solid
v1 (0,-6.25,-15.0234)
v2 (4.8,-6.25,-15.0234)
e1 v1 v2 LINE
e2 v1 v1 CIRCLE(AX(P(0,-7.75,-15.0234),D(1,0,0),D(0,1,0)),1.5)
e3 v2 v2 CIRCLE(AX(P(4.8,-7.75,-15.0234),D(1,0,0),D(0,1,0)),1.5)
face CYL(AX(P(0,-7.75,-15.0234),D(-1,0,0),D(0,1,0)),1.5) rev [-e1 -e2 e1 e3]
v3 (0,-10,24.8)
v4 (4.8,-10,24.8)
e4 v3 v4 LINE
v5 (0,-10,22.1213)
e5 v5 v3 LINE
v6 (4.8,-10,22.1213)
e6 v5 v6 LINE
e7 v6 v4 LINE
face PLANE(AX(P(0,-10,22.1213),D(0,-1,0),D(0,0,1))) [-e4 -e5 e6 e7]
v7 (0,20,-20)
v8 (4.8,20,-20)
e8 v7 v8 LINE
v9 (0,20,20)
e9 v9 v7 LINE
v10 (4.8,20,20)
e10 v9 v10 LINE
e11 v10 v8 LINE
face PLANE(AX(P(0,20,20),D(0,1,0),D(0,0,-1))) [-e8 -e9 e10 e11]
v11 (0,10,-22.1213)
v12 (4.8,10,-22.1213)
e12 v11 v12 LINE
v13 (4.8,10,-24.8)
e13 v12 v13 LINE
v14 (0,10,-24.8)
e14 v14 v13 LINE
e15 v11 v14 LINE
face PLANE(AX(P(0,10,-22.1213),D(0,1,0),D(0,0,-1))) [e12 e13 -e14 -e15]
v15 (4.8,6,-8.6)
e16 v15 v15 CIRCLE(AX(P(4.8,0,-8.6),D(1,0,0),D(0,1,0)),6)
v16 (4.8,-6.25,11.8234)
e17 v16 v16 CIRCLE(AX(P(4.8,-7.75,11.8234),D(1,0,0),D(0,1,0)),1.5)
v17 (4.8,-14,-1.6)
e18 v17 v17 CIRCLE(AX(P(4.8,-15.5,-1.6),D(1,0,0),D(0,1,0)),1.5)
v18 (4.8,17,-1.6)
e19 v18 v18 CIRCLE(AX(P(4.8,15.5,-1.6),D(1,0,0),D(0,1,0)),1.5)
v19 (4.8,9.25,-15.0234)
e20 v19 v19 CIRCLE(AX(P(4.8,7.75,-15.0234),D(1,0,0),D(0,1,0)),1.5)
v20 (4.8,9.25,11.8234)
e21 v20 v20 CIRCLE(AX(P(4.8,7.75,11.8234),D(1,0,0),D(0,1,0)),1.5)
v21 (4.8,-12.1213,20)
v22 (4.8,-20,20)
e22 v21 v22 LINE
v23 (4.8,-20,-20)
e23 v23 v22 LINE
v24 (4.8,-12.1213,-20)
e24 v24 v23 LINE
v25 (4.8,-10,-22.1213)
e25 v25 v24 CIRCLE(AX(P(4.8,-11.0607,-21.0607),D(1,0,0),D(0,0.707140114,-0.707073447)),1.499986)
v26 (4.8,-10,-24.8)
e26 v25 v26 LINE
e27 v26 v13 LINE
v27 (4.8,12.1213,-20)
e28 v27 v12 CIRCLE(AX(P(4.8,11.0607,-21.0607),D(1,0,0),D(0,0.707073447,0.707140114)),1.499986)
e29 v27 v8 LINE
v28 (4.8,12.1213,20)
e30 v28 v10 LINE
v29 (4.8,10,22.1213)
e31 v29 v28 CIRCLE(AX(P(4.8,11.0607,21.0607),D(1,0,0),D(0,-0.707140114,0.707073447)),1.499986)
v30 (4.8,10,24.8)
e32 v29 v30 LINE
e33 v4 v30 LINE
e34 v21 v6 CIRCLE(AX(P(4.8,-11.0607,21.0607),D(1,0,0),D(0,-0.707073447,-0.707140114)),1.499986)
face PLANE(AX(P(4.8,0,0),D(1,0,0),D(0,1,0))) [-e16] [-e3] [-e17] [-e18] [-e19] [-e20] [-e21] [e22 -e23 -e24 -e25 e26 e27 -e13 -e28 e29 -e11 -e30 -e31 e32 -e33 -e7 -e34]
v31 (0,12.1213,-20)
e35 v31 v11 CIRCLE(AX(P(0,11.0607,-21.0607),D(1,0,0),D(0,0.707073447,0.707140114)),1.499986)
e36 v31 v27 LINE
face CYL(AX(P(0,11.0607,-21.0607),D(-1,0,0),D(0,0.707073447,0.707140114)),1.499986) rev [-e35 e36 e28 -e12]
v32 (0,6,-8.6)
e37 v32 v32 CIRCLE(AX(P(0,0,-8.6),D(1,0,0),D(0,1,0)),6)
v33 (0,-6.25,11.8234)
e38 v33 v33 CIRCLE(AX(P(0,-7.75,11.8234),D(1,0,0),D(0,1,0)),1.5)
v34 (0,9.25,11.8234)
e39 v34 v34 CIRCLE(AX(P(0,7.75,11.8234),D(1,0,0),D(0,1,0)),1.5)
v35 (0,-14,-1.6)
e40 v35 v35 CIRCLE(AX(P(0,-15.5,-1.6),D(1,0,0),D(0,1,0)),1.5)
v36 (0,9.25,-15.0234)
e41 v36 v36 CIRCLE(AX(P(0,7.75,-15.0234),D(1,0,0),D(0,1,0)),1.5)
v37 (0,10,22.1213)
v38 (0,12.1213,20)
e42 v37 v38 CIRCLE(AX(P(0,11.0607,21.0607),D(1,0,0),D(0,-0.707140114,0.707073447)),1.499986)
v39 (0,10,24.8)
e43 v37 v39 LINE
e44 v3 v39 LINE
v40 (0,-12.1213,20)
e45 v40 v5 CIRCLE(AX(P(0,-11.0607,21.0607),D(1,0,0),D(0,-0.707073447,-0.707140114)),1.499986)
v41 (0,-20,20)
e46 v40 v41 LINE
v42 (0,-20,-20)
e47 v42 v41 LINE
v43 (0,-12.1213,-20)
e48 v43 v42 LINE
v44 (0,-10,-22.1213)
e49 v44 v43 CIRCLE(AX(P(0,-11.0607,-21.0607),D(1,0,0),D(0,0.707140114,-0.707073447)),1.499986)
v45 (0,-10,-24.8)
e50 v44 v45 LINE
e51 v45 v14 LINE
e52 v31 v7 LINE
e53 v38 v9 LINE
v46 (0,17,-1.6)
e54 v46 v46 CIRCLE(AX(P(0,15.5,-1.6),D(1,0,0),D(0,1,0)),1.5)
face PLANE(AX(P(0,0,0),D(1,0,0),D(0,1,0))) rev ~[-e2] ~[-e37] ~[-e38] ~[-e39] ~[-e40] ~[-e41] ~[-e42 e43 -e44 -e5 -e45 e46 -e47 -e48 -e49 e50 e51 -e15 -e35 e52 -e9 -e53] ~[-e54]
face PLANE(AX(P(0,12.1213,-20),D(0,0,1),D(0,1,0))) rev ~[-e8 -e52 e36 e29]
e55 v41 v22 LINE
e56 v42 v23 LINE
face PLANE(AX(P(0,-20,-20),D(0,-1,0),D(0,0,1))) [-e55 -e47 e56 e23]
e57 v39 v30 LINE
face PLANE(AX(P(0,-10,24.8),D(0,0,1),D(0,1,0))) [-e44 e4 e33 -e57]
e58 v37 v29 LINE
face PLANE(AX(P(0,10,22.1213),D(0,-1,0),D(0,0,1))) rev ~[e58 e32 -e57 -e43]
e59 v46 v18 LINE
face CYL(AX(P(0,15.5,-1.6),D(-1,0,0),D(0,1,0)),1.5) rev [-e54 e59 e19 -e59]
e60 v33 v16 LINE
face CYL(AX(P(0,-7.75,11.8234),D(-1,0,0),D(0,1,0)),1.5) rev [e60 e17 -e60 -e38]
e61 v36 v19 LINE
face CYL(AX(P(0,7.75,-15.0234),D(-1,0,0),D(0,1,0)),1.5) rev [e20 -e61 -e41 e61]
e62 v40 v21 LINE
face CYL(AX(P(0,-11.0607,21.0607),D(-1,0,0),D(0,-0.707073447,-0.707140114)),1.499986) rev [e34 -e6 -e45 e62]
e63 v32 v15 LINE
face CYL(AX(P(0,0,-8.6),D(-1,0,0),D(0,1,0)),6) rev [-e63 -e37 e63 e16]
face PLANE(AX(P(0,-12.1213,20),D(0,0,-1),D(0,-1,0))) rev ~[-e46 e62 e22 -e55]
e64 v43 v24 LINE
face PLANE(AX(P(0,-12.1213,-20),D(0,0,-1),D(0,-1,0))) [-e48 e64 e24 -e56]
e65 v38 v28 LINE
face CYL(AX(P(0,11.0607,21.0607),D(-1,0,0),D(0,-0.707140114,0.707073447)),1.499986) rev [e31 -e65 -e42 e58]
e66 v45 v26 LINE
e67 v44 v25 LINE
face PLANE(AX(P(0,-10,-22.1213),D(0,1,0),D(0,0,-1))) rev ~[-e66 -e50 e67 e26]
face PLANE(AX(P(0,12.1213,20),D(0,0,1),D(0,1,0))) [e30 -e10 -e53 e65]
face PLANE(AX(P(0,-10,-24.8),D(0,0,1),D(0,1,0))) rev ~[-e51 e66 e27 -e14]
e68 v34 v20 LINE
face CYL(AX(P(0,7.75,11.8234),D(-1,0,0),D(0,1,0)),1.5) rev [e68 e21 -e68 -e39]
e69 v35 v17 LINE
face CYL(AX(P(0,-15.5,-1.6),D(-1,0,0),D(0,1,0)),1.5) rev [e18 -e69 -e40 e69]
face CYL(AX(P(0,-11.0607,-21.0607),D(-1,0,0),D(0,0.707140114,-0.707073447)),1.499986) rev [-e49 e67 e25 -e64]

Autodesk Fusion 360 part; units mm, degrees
sketch "Sketch1" plane through (0, 0, 0) normal (1, 0, 0) x (0, 1, 0)
  line L0 (-20, 20) -> (20, 20) construction
  line L1 (20, 20) -> (20, -20)
  line L2 (20, -20) -> (-20, -20) construction
  line L3 (-20, -20) -> (-20, 20)
  line L4 (0, 0) -> (0, 20) construction
  line L5 (0, 0) -> (20, 0) construction
  line L6 (0, 0) -> (0, -1.6) construction
  line L7 (0, 0) -> (0, -8.6) construction
  circle A0 centre (0, -8.6) radius 6
  circle A1 centre (0, -1.6) radius 18.4 construction
  circle A2 centre (0, -1.6) radius 15.5 construction
  line L8 (0, -1.6) -> (15.5, -1.6) construction
  circle A3 centre (15.5, -1.6) radius 1.5
  circle A4 centre (7.75, 11.8234) radius 1.5
  circle A5 centre (-7.75, 11.8234) radius 1.5
  circle A6 centre (-15.5, -1.6) radius 1.5
  circle A7 centre (-7.75, -15.0234) radius 1.5
  circle A8 centre (7.75, -15.0234) radius 1.5
  line L9 (-10, 20) -> (-10, 24.8) construction
  line L10 (-10, 24.8) -> (10, 24.8)
  line L11 (10, 24.8) -> (10, 20) construction
  line L12 (-10, -20) -> (-10, -24.8) construction
  line L13 (-10, -24.8) -> (10, -24.8)
  line L14 (10, -24.8) -> (10, -20) construction
  line L15 (-11.0607, -21.0607) -> (-10, -20) construction
  line L16 (11.0607, -21.0607) -> (10, -20) construction
  line L17 (-11.0607, 21.0607) -> (-10, 20) construction
  line L18 (11.0607, 21.0607) -> (10, 20) construction
  arc A9 (-12.1213, 20) -> (-10, 22.1213) centre (-11.0607, 21.0607) ccw
  arc A10 (-10, 22.1213) -> (-12.1213, 20) centre (-11.0607, 21.0607) ccw construction
  arc A11 (10, 22.1213) -> (12.1213, 20) centre (11.0607, 21.0607) ccw
  arc A12 (12.1213, 20) -> (10, 22.1213) centre (11.0607, 21.0607) ccw construction
  arc A13 (12.1213, -20) -> (10, -22.1213) centre (11.0607, -21.0607) ccw
  arc A14 (10, -22.1213) -> (12.1213, -20) centre (11.0607, -21.0607) ccw construction
  arc A15 (-10, -22.1213) -> (-12.1213, -20) centre (-11.0607, -21.0607) ccw
  arc A16 (-12.1213, -20) -> (-10, -22.1213) centre (-11.0607, -21.0607) ccw construction
  line L19 (-10, 22.1213) -> (-10, 24.8)
  line L20 (-12.1213, 20) -> (-20, 20)
  line L21 (10, 22.1213) -> (10, 24.8)
  line L22 (12.1213, 20) -> (20, 20)
  line L23 (10, -22.1213) -> (10, -24.8)
  line L24 (12.1213, -20) -> (20, -20)
  line L25 (-10, -22.1213) -> (-10, -24.8)
  line L26 (-12.1213, -20) -> (-20, -20)
  dimension "d61" = 40
  dimension "d62" = 40
  dimension "d63" = 1.6
  dimension "d65" = 12
  dimension "d66" = 36.8
  dimension "d67" = 31
  dimension "d68" = 3
  dimension "d70" = 360
  dimension "d71" = 4.8
  dimension "d72" = 20
  dimension "d73" = 10
  dimension "d74" = 4.8
  dimension "d75" = 20
  dimension "d76" = 10
  dimension "d77" = 3
  dimension "d78" = 1.5
  dimension "d79" = 45
  dimension "d80" = 3
  dimension "d81" = 1.5
  dimension "d83" = 45
  dimension "d84" = 3
  dimension "d85" = 3
  dimension "d86" = 1.5
  dimension "d87" = 45
  dimension "d88" = 1.5
  dimension "d89" = 45
  dimension "d90" = 7
extrude "Extrude1" add sketch "Sketch1" along normal blind 4.8
